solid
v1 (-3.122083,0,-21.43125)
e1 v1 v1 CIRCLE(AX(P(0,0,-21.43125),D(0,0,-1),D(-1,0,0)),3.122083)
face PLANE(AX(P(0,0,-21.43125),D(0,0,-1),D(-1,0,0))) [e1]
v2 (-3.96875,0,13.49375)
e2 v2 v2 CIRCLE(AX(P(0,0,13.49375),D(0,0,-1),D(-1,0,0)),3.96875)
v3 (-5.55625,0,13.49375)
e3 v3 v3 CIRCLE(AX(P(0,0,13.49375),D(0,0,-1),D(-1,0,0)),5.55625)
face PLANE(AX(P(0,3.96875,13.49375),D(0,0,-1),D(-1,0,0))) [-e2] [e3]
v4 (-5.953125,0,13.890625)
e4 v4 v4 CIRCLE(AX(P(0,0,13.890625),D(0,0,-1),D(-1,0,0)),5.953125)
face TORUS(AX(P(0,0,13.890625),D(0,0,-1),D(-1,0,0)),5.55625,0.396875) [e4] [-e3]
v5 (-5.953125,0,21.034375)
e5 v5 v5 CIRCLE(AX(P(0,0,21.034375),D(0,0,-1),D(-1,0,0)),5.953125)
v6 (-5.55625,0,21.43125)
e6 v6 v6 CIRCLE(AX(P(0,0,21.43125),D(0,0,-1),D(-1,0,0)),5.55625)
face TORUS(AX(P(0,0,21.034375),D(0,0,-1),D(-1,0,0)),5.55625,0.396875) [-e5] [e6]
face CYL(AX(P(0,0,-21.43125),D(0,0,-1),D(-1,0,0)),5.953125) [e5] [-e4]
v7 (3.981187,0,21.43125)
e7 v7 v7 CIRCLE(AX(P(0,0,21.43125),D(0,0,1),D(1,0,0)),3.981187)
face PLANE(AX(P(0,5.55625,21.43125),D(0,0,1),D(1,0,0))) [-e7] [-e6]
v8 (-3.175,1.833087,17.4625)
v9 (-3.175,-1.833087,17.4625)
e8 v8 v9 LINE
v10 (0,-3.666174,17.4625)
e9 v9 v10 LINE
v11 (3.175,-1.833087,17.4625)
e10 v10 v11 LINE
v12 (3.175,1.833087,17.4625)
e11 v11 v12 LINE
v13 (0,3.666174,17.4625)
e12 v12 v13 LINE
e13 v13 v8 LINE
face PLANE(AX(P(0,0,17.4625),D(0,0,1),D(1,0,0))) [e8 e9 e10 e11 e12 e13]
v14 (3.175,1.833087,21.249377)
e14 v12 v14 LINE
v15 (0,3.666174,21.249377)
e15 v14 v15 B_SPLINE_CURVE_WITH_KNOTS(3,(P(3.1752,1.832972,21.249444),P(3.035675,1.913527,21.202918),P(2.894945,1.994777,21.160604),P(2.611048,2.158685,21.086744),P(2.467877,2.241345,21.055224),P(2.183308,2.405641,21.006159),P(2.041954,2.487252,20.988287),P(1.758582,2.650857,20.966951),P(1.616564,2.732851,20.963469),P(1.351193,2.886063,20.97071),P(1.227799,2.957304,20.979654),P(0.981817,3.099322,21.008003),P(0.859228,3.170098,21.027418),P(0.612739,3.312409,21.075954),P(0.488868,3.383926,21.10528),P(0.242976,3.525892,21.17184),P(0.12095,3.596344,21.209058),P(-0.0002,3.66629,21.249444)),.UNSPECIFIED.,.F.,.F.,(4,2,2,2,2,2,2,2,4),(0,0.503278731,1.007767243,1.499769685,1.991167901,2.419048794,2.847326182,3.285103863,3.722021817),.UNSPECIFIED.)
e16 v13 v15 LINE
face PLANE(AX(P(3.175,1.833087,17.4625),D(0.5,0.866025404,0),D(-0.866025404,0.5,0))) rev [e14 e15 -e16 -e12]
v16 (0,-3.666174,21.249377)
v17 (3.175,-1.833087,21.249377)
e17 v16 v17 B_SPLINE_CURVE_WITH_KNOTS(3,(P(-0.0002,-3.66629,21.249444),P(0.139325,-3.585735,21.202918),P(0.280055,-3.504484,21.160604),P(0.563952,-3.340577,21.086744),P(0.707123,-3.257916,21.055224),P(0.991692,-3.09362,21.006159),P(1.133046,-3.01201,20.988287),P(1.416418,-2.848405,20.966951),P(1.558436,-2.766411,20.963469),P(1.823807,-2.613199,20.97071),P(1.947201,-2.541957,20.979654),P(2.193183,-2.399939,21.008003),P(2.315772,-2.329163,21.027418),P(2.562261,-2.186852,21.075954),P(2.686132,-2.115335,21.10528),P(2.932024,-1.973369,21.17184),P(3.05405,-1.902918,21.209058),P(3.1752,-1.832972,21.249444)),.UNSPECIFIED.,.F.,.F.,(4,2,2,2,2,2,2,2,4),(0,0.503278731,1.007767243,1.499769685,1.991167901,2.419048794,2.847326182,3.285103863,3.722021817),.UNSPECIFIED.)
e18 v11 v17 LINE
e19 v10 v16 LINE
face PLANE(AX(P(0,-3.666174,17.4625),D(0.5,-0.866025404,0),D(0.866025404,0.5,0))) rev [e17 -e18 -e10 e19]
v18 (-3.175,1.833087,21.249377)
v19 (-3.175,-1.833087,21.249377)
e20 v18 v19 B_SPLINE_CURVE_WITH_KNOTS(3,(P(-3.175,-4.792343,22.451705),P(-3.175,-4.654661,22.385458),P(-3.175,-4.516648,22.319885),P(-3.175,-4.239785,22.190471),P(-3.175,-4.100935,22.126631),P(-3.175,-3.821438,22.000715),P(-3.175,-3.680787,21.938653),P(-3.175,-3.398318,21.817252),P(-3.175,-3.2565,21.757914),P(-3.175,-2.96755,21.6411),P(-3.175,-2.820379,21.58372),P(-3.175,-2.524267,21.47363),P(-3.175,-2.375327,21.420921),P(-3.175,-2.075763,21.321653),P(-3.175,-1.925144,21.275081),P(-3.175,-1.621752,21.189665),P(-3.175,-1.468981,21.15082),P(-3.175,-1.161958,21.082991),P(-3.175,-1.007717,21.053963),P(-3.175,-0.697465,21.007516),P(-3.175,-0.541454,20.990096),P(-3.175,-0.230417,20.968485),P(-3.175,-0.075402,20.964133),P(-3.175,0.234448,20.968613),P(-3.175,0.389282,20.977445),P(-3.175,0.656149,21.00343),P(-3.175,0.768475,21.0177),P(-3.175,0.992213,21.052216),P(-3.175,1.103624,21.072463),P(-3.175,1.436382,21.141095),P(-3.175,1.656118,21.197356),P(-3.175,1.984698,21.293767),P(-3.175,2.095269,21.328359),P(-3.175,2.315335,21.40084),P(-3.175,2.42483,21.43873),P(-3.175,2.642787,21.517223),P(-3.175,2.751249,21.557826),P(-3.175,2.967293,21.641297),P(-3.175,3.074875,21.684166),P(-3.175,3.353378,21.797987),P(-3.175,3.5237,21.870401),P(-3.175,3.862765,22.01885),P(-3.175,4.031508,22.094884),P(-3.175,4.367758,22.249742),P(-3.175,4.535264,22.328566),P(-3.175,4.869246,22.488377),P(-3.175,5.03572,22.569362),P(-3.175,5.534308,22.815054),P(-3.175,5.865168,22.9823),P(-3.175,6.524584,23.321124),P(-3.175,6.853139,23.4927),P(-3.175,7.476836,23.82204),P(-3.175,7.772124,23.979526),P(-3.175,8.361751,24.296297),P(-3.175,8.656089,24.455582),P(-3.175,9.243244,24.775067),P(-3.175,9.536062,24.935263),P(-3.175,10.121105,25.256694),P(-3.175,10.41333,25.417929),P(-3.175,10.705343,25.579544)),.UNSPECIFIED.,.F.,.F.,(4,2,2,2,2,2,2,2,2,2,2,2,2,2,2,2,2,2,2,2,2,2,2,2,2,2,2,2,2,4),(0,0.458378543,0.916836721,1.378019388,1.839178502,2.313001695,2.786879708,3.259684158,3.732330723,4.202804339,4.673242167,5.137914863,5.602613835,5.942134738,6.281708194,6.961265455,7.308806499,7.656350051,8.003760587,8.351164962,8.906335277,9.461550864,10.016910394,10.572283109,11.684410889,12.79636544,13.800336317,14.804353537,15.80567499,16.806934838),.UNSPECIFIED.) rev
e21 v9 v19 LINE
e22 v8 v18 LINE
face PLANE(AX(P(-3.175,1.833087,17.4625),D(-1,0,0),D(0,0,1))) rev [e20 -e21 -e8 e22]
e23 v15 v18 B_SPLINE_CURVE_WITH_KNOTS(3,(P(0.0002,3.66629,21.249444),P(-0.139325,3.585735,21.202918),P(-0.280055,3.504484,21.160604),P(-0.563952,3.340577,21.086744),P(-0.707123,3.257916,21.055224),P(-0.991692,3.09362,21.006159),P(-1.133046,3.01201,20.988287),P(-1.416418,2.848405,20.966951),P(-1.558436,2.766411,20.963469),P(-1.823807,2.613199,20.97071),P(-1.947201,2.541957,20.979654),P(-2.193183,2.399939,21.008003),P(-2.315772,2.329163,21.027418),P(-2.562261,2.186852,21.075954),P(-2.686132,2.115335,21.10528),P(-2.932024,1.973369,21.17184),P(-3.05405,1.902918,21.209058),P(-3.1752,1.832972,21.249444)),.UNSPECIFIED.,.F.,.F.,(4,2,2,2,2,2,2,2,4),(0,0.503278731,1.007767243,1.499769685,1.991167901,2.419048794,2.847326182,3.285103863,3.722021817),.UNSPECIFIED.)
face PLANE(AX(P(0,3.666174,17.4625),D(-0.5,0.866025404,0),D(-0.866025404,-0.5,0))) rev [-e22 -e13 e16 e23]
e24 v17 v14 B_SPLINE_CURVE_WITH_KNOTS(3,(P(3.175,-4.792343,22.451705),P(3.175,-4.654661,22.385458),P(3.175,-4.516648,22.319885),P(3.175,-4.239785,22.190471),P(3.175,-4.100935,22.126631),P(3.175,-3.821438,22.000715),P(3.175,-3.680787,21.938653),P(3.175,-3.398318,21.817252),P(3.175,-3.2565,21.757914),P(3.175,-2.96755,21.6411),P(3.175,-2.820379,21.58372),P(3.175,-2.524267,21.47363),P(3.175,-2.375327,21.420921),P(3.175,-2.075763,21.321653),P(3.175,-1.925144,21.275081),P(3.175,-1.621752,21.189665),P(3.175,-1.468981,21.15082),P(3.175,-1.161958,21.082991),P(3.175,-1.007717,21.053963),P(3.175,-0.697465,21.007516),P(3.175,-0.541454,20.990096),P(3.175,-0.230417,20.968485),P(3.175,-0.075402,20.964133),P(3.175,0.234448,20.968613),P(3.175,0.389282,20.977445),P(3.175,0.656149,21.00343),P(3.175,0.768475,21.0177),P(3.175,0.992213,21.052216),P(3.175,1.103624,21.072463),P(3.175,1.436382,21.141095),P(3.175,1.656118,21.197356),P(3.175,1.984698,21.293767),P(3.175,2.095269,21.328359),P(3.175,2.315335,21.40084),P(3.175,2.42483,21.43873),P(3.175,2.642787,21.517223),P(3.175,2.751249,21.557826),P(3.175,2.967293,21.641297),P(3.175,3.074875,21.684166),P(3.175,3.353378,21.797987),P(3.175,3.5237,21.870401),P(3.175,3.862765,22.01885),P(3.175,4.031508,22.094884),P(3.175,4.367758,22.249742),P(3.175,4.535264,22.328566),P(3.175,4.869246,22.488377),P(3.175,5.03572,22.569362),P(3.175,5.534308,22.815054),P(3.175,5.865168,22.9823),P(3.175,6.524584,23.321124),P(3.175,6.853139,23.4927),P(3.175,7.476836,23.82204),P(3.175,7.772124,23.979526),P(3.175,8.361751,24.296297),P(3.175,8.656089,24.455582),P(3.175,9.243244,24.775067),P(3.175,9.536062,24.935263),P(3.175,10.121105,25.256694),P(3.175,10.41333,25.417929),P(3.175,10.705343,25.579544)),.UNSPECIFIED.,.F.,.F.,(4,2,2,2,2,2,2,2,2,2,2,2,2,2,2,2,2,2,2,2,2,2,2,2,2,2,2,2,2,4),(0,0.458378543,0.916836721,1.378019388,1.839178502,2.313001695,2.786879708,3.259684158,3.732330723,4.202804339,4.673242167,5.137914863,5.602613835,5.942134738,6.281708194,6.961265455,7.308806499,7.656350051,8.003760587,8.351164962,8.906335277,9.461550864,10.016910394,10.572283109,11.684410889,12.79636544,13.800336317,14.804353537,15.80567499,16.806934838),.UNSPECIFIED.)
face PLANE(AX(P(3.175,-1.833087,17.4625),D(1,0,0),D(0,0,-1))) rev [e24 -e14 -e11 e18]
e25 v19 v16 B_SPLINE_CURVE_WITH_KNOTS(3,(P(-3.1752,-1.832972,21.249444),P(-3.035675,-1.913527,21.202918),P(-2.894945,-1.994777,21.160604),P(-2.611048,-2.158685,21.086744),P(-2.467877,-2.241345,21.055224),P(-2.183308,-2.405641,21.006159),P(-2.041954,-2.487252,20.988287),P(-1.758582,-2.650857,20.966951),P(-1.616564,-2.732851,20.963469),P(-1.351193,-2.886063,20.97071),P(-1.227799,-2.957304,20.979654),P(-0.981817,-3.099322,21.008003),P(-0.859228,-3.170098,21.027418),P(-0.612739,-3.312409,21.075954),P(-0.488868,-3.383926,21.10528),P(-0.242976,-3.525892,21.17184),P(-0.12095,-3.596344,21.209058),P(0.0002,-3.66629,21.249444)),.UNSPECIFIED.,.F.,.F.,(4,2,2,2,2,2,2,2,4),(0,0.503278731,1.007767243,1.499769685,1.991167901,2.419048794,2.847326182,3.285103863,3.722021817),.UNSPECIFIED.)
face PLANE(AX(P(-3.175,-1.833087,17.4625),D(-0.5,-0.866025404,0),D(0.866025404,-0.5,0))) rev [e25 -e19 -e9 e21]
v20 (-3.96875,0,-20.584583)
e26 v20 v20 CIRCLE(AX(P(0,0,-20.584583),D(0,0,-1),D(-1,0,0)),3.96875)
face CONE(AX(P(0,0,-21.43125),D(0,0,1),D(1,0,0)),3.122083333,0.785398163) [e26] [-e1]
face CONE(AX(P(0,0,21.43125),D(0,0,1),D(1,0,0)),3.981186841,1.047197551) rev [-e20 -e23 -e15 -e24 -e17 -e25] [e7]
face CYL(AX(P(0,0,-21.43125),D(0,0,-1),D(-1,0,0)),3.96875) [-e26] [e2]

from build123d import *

# Parameters (mm, degrees)
CUT_EXTRUDE1_START = 21.43125
CUT_EXTRUDE1_DEPTH = 3.96875


with BuildPart() as part:
    # Sketch2 → Revolve1 (revolve)
    with BuildSketch(Plane(origin=(0, 0, 0), x_dir=(0, 0, -1), z_dir=(1, 0, 0)), mode=Mode.PRIVATE) as revolve1_sk:
        with BuildLine():
            Line((21.43125, 0), (21.43125, 3.122083333))
            Line((21.43125, 3.122083333), (20.584583333, 3.96875))
            Line((20.584583333, 3.96875), (-13.49375, 3.96875))
            Line((-13.49375, 3.96875), (-13.49375, 5.55625))
            ThreePointArc((-13.49375, 5.55625), (-13.609991996, 5.836883004), (-13.890625, 5.953125))
            Line((-13.890625, 5.953125), (-21.034375, 5.953125))
            ThreePointArc((-21.034375, 5.953125), (-21.315008004, 5.836883004), (-21.43125, 5.55625))
            Line((-21.43125, 5.55625), (-21.43125, 0))
            Line((-21.43125, 0), (21.43125, 0))
        make_face()
    revolve(revolve1_sk.sketch.rotate(Axis((0, 0, -21.43125), (0, 0, 1)), 90), axis=Axis((0, 0, -21.43125), (0, 0, 1)))

    # Sketch3 → Cut-Extrude1 (cut)
    with BuildSketch(Plane.XY.offset(CUT_EXTRUDE1_START)):
        Polygon((-3.175, 1.833087105), (-3.175, -1.833087105), (0, -3.666174209), (3.175, -1.833087105), (3.175, 1.833087105), (0, 3.666174209), align=None)
    extrude(amount=-CUT_EXTRUDE1_DEPTH, mode=Mode.SUBTRACT)

    # Cut-Extrude2 cone 1 section (through the dimple's axis) → Cut-Extrude2 (revolve, cut)
    with BuildSketch(Plane(origin=(0, 0, 21.43125), x_dir=(0, -1, 0), z_dir=(1, 0, 0))):
        Polygon((0, 0), (3.981186841, 0), (0, 2.298539294), align=None)
    revolve(axis=Axis((0, 0, 21.43125), (0, 0, -1)), mode=Mode.SUBTRACT)


solid = part.part
